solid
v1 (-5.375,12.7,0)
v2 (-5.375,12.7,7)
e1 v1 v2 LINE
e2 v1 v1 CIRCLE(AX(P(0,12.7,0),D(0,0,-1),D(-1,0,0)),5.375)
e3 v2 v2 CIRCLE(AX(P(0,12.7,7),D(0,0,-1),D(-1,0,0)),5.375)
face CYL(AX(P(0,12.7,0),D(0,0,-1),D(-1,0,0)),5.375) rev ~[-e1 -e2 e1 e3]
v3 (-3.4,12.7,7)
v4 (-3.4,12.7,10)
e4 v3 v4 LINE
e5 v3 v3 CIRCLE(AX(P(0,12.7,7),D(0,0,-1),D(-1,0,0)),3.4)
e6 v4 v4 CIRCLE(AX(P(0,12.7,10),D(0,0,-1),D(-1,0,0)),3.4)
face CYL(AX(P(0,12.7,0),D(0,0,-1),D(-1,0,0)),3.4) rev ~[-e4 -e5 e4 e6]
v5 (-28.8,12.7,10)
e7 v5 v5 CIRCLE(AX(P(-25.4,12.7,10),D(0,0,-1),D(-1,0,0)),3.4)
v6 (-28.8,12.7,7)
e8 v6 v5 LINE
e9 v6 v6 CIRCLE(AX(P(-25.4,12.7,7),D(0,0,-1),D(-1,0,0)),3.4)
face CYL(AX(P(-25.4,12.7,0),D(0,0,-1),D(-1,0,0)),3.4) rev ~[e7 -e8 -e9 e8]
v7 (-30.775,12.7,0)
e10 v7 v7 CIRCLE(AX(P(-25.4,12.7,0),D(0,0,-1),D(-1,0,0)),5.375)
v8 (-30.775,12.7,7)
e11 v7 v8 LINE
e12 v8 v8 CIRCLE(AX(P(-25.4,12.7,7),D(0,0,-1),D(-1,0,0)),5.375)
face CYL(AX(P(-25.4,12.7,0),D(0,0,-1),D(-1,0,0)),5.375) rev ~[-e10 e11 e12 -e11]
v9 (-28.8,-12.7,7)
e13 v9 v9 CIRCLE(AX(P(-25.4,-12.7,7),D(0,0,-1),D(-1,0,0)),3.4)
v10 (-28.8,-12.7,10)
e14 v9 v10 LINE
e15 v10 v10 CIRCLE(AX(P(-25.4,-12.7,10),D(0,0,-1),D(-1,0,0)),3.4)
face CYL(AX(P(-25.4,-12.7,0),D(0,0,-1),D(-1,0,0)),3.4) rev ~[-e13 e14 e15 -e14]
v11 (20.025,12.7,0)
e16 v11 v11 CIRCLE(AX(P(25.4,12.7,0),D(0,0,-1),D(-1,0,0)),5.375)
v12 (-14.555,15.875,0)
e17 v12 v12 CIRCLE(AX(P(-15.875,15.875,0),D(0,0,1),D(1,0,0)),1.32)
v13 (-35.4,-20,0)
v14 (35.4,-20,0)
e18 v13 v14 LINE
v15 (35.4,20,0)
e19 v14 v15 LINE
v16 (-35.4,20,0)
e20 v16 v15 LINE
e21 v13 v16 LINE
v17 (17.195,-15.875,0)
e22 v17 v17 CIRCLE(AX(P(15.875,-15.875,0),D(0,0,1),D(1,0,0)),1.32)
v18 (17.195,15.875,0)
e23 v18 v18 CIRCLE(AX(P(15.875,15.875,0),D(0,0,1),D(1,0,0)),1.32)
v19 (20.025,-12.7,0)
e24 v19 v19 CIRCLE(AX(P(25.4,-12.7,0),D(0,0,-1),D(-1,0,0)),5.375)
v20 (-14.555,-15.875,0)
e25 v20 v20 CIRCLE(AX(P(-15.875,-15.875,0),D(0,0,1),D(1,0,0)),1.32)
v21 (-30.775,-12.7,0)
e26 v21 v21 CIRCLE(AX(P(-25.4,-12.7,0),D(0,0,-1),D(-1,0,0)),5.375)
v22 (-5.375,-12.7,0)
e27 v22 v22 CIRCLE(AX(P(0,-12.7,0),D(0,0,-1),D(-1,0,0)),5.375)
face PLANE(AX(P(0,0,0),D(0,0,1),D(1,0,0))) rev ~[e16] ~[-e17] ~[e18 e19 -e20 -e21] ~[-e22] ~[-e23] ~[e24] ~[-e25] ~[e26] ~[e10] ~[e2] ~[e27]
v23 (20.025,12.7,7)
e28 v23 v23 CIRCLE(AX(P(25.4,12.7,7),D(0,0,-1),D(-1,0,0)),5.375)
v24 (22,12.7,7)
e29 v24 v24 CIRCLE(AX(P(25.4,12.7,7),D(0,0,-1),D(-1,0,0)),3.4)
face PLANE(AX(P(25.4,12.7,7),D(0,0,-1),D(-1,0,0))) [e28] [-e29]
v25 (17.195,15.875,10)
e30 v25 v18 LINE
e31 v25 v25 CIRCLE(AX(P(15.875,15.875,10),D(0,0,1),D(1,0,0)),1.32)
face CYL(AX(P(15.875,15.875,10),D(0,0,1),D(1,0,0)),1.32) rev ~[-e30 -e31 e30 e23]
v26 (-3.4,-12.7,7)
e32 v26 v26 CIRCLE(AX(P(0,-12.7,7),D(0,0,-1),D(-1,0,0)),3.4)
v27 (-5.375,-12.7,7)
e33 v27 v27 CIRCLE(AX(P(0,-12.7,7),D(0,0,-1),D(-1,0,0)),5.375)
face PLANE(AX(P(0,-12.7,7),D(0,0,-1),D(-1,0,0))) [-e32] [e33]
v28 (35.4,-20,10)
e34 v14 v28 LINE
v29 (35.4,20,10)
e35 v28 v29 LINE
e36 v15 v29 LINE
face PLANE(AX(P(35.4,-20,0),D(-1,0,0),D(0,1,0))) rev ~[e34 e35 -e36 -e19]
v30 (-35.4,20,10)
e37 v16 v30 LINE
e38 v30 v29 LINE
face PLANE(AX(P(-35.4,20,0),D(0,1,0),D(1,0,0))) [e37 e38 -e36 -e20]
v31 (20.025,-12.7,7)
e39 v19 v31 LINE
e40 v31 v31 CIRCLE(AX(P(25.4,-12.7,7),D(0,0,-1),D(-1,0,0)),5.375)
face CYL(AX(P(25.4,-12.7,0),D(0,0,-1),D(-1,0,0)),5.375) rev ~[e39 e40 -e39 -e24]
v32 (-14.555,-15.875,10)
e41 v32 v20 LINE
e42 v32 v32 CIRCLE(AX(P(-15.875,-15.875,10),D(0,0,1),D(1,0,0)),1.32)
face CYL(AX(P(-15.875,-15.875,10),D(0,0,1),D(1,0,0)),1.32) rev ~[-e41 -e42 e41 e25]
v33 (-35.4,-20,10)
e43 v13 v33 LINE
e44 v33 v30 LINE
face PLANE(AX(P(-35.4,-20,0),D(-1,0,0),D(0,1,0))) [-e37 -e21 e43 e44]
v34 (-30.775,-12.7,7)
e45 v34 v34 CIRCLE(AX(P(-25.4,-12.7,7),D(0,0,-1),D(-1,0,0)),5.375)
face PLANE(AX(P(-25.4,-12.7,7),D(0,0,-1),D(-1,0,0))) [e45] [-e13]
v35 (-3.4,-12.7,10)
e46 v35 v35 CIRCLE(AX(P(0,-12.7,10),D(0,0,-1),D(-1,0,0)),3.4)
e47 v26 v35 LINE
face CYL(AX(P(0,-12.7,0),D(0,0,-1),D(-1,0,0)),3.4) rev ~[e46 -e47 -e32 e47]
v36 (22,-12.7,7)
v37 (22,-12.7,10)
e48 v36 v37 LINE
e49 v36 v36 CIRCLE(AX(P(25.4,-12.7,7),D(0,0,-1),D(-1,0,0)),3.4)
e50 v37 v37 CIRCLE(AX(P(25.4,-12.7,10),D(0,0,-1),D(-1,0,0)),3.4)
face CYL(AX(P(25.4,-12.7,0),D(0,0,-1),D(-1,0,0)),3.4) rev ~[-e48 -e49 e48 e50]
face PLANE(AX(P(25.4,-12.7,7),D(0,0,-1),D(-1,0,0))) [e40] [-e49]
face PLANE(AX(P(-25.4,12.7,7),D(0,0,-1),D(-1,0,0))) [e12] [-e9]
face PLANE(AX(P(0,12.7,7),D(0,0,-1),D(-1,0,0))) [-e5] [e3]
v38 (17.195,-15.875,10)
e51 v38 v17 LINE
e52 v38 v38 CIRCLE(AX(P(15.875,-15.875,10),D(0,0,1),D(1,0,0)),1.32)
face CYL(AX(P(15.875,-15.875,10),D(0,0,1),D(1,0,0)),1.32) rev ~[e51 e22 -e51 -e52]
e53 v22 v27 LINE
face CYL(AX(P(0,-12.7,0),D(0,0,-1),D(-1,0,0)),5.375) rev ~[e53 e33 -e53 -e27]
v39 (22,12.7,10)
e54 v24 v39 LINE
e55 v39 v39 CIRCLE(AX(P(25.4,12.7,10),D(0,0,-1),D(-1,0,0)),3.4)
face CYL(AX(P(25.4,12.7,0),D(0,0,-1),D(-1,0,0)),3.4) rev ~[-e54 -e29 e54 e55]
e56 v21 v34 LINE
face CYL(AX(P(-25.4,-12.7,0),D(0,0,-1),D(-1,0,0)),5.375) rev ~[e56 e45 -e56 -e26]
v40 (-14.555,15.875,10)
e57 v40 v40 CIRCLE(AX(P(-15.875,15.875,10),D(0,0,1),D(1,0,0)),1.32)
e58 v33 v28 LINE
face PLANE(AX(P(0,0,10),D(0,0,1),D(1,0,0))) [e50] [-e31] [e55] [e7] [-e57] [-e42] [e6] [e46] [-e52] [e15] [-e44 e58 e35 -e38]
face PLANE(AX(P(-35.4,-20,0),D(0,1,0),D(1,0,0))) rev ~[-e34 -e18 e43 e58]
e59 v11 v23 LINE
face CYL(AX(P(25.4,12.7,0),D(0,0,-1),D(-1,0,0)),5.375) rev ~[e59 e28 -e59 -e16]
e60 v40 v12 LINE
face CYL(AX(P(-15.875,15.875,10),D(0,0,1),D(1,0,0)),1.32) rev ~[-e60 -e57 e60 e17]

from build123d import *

# Parameters (mm, degrees)
SKETCH1_W           = 70.8
SKETCH1_H           = 40
BOSS_EXTRUDE1_DEPTH = 10
SKETCH2_R           = 1.32
CUT_EXTRUDE1_DEPTH  = 11
SKETCH3_R           = 3.4
CUT_EXTRUDE2_DEPTH  = 11
SKETCH4_R           = 5.375
CUT_EXTRUDE3_DEPTH  = 7


with BuildPart() as part:
    # Sketch1 → Boss-Extrude1 (new body)
    with BuildSketch(Plane.XY):
        Rectangle(SKETCH1_W, SKETCH1_H)
    extrude(amount=BOSS_EXTRUDE1_DEPTH)

    # Sketch2 → Cut-Extrude1 (cut, through all)
    with BuildSketch(Plane.XY.offset(10)):
        with Locations((15.875, -15.875)):
            Circle(SKETCH2_R)
        with Locations((-15.875, -15.875)):
            Circle(SKETCH2_R)
        with Locations((-15.875, 15.875)):
            Circle(SKETCH2_R)
        with Locations((15.875, 15.875)):
            Circle(SKETCH2_R)
    extrude(amount=-CUT_EXTRUDE1_DEPTH, mode=Mode.SUBTRACT)

    # Sketch3 → Cut-Extrude2 (cut, through all)
    with BuildSketch(Plane(origin=(0, 0, 0), x_dir=(-1, 0, 0), z_dir=(0, 0, -1))):
        with Locations((-25.4, -12.7)):
            Circle(SKETCH3_R)
        with Locations((0, -12.7)):
            Circle(SKETCH3_R)
        with Locations((25.4, -12.7)):
            Circle(SKETCH3_R)
        with Locations((0, 12.7)):
            Circle(SKETCH3_R)
        with Locations((25.4, 12.7)):
            Circle(SKETCH3_R)
        with Locations((-25.4, 12.7)):
            Circle(SKETCH3_R)
    extrude(amount=-CUT_EXTRUDE2_DEPTH, mode=Mode.SUBTRACT)

    # Sketch4 → Cut-Extrude3 (cut)
    with BuildSketch(Plane(origin=(0, 0, 0), x_dir=(-1, 0, 0), z_dir=(0, 0, -1))):
        with Locations((25.4, -12.7)):
            Circle(SKETCH4_R)
        with Locations((0, -12.7)):
            Circle(SKETCH4_R)
        with Locations((-25.4, -12.7)):
            Circle(SKETCH4_R)
        with Locations((0, 12.7)):
            Circle(SKETCH4_R)
        with Locations((-25.4, 12.7)):
            Circle(SKETCH4_R)
        with Locations((25.4, 12.7)):
            Circle(SKETCH4_R)
    extrude(amount=-CUT_EXTRUDE3_DEPTH, mode=Mode.SUBTRACT)


solid = part.part
